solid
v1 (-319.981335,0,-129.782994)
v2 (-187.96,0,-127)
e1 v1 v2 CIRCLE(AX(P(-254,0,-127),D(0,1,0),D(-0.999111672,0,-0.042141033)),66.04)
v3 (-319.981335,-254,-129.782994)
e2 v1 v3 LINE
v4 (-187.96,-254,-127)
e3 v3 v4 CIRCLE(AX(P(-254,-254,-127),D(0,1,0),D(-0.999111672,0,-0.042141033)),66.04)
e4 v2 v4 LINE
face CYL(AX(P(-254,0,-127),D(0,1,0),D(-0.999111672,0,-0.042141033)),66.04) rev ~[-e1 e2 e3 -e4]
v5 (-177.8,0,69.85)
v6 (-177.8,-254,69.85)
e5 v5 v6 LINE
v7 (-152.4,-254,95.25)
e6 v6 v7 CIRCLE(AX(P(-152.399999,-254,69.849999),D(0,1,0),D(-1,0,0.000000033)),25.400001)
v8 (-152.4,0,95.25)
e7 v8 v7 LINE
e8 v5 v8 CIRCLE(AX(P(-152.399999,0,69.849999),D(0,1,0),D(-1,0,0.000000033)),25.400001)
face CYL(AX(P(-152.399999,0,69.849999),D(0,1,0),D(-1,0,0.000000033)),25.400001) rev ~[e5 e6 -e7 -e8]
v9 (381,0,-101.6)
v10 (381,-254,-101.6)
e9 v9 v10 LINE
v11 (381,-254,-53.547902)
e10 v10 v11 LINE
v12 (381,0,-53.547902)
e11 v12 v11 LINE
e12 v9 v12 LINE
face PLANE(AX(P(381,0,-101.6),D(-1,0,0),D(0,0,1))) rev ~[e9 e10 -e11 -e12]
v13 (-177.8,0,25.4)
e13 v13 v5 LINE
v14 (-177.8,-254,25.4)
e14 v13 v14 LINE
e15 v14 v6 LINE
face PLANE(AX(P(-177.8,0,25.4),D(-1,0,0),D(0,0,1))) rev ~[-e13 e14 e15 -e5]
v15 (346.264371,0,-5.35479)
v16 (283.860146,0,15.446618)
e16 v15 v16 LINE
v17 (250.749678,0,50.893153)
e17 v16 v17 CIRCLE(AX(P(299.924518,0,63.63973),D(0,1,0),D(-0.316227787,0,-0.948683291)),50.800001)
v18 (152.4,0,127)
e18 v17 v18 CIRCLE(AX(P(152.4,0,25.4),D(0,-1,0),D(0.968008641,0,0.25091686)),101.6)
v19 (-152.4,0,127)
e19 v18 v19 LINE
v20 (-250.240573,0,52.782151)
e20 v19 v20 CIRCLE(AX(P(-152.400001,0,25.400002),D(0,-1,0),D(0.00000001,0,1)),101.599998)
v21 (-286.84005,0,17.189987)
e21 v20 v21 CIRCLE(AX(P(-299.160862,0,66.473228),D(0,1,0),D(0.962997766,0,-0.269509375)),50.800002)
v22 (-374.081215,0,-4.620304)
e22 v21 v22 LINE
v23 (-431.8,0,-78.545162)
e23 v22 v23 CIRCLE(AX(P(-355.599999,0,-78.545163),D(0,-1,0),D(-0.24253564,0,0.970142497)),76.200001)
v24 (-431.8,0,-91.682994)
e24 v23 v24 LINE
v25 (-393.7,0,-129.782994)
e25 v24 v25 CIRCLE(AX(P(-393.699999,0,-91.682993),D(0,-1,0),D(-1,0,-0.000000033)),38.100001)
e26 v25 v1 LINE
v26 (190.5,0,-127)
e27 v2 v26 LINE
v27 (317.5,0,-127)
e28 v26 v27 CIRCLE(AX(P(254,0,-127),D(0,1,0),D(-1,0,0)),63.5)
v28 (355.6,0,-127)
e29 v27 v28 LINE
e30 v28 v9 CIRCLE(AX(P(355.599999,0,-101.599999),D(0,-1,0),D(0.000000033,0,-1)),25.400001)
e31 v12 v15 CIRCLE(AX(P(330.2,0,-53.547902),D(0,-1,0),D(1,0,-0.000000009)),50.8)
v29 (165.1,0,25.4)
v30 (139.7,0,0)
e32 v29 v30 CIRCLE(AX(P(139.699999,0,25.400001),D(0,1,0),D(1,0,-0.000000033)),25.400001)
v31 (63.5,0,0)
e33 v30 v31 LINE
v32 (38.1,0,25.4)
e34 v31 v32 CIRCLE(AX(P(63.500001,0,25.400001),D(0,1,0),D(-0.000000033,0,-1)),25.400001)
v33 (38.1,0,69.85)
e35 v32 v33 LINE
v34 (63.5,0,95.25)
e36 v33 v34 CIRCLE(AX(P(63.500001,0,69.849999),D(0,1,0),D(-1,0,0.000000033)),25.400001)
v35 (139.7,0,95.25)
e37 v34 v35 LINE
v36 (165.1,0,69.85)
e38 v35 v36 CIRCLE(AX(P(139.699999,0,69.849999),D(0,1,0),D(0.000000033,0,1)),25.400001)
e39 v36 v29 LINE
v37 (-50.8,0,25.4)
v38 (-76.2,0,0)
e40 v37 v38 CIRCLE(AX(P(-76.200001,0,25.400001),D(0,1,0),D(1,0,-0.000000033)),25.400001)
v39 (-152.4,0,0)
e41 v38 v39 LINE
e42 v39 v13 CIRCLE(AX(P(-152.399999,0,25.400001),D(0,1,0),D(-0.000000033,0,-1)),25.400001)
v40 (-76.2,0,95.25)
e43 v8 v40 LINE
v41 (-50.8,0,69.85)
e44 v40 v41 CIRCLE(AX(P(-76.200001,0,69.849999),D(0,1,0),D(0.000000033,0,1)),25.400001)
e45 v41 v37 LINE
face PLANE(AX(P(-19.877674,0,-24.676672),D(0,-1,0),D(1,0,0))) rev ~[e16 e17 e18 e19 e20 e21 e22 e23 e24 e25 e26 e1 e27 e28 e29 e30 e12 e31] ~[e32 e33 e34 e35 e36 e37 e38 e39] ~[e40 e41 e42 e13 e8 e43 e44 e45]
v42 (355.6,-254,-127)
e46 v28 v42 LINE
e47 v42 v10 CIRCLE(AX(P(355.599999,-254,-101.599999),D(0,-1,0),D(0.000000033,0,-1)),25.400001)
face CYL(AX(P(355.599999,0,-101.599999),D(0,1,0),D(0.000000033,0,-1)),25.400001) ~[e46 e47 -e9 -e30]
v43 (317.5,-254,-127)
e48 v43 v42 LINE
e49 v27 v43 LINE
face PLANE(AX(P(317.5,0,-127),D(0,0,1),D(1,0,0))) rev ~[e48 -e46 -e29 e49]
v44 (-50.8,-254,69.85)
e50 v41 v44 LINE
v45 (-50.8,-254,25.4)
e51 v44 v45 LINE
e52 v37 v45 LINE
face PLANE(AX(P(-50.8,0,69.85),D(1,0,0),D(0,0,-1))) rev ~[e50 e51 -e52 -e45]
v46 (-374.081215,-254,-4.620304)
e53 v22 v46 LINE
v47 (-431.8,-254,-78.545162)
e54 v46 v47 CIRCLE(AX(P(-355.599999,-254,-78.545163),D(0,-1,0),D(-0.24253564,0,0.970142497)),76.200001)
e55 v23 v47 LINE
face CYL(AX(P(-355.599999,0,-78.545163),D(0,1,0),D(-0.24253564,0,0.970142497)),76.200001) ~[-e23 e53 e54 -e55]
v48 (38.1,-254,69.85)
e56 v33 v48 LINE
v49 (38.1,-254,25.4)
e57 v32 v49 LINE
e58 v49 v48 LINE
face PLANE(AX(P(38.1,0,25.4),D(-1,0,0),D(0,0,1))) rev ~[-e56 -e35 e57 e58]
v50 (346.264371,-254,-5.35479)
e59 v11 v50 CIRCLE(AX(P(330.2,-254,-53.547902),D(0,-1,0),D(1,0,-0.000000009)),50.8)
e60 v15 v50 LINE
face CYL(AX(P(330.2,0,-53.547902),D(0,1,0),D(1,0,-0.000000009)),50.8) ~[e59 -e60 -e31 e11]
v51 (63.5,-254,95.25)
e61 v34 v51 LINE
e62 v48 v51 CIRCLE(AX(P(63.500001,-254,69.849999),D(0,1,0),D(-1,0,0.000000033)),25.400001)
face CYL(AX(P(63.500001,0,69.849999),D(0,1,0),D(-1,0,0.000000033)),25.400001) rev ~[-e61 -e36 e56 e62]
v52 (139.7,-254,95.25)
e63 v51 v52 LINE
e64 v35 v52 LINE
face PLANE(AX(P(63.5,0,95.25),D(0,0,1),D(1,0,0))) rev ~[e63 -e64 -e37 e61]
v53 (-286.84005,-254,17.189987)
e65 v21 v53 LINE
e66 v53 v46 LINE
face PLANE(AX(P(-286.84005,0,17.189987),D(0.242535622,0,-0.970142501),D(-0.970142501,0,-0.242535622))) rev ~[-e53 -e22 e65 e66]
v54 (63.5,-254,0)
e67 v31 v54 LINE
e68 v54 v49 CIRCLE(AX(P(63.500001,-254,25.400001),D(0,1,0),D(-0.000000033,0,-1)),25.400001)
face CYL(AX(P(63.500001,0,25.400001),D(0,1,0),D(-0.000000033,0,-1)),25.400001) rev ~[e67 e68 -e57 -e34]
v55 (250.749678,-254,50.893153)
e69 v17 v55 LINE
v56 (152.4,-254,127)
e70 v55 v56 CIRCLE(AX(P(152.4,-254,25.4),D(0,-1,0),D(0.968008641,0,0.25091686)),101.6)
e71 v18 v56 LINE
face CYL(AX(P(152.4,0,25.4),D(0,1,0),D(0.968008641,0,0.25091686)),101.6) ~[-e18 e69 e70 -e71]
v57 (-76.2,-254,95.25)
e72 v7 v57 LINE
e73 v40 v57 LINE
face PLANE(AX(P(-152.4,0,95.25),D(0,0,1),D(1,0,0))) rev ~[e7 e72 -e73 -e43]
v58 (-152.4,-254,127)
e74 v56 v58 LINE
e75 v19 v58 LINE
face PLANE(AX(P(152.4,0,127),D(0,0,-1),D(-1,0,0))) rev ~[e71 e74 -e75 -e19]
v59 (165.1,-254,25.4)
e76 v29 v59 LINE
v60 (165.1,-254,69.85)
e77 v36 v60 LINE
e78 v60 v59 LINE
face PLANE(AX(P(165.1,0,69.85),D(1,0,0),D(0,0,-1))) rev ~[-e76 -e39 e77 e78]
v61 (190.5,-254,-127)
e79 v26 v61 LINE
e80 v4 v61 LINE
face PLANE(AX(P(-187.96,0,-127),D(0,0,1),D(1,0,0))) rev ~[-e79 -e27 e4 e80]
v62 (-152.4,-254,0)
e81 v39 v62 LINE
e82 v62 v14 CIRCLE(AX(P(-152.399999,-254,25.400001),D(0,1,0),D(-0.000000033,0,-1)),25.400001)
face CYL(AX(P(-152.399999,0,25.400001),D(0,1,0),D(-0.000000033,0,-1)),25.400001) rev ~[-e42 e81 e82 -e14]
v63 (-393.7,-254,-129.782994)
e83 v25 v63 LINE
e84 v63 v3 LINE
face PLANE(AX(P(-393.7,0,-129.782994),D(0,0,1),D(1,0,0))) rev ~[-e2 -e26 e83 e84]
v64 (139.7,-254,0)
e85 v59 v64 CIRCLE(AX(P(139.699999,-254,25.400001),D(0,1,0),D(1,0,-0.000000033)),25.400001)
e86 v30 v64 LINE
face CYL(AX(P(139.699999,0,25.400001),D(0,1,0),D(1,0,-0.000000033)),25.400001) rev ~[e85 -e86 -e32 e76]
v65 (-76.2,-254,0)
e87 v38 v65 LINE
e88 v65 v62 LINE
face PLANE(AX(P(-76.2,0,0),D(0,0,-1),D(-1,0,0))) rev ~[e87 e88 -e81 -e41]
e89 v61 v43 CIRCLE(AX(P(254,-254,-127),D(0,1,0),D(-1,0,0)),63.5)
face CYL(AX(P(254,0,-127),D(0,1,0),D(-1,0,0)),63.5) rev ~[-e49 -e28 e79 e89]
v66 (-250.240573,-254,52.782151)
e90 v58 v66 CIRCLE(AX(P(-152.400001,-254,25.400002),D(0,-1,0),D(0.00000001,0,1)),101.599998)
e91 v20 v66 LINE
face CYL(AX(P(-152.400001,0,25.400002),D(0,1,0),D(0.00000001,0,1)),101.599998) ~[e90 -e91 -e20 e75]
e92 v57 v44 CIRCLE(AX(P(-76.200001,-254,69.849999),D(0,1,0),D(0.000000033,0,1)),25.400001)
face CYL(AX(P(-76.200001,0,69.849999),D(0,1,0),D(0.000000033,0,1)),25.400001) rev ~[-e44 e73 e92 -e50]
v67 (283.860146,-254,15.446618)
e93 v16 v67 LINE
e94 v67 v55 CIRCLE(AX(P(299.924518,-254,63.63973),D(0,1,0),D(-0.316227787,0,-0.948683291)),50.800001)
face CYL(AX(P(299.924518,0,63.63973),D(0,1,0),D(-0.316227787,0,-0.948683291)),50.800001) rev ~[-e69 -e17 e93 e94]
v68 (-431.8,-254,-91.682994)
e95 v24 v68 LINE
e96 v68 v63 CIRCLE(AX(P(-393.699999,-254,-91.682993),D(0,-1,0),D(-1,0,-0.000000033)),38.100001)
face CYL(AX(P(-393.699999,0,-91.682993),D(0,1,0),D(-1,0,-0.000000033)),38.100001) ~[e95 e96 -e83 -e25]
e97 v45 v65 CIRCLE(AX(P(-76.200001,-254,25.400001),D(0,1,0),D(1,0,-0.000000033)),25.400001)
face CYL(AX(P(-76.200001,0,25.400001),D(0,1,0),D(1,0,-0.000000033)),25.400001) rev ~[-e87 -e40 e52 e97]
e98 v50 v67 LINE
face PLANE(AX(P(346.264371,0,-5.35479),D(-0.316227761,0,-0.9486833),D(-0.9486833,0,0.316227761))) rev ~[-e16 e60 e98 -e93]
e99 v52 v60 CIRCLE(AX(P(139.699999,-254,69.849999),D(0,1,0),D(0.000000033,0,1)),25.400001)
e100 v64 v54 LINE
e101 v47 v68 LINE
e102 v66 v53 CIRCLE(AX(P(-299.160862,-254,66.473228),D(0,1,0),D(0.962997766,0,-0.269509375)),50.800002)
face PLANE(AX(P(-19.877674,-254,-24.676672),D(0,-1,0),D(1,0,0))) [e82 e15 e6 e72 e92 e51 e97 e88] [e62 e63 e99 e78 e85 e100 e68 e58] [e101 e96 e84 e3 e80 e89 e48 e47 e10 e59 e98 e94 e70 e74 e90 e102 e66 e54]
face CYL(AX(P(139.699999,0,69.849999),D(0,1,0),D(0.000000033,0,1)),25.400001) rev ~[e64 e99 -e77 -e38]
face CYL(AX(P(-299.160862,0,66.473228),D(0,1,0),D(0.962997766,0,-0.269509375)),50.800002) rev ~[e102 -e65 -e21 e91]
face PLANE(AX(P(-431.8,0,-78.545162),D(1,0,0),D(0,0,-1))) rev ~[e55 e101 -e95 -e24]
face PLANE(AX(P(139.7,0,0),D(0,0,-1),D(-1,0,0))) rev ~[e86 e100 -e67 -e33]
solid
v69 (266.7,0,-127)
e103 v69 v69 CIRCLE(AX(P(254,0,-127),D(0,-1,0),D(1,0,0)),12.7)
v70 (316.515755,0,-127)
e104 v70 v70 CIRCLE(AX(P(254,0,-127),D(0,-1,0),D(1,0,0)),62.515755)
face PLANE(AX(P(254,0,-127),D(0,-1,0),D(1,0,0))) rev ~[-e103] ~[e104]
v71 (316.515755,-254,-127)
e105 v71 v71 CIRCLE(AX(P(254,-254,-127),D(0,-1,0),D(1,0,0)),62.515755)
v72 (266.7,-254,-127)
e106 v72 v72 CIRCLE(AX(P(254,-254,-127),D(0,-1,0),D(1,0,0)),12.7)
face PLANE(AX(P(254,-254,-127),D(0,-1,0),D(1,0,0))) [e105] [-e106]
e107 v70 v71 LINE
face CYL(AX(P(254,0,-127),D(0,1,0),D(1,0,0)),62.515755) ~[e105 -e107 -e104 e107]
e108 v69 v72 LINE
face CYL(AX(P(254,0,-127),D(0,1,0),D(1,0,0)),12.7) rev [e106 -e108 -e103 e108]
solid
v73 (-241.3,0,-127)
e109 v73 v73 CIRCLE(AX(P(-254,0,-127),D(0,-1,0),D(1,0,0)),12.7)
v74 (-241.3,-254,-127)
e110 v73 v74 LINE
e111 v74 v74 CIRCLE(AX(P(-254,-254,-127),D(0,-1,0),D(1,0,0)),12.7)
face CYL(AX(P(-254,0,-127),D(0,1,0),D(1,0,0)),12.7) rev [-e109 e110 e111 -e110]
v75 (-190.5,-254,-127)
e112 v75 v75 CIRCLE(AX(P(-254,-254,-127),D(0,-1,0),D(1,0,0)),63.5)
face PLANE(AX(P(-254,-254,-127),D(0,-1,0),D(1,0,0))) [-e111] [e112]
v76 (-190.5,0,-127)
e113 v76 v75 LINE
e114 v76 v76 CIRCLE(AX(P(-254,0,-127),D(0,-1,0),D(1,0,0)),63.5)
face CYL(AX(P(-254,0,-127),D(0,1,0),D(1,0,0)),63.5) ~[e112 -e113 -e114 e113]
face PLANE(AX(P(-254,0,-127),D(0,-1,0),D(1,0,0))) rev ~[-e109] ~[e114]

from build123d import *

# Parameters (mm, degrees)
F0_R     = 63.5
F0_R_2   = 12.7
F0_R_3   = 62.515755
F1_DEPTH = 254


with BuildPart() as f1:
    # F0 (on Front) → F1 (new body)
    with BuildSketch(Plane.XZ):
        with BuildLine():
            Line((152.4, 127), (-152.4, 127))
            ThreePointArc((-152.4, 127), (-213.802498, 106.346237), (-250.240573, 52.782151))
            ThreePointArc((-250.240573, 52.782151), (-263.744501, 30.054529), (-286.84005, 17.189987))
            Line((-286.84005, 17.189987), (-374.081215, -4.620304))
            ThreePointArc((-374.081215, -4.620304), (-415.661254, -31.650752), (-431.8, -78.545162))
            Line((-431.8, -78.545162), (-431.8, -91.682994))
            ThreePointArc((-431.8, -91.682994), (-420.640768, -118.623762), (-393.7, -129.782994))
            Line((-393.7, -129.782994), (-319.981335, -129.782994))
            ThreePointArc((-319.981335, -129.782994), (-255.391806, -60.974668), (-187.96, -127))
            Line((-187.96, -127), (190.5, -127))
            ThreePointArc((190.5, -127), (254, -63.5), (317.5, -127))
            Line((317.5, -127), (355.6, -127))
            ThreePointArc((355.6, -127), (373.560512, -119.560512), (381, -101.6))
            Line((381, -101.6), (381, -53.547902))
            ThreePointArc((381, -53.547902), (371.411103, -23.844619), (346.264371, -5.35479))
            Line((346.264371, -5.35479), (283.860146, 15.446618))
            ThreePointArc((283.860146, 15.446618), (262.801036, 28.962833), (250.749678, 50.893153))
            ThreePointArc((250.749678, 50.893153), (214.578998, 105.751305), (152.4, 127))
        make_face()
        with BuildLine():
            ThreePointArc((-177.8, 69.85), (-170.360512, 87.810512), (-152.4, 95.25))
            Line((-152.4, 95.25), (-76.2, 95.25))
            ThreePointArc((-76.2, 95.25), (-58.239488, 87.810512), (-50.8, 69.85))
            Line((-50.8, 69.85), (-50.8, 25.4))
            ThreePointArc((-50.8, 25.4), (-58.239488, 7.439488), (-76.2, 0))
            Line((-76.2, 0), (-152.4, 0))
            ThreePointArc((-152.4, 0), (-170.360512, 7.439488), (-177.8, 25.4))
            Line((-177.8, 25.4), (-177.8, 69.85))
        make_face(mode=Mode.SUBTRACT)
        with BuildLine():
            Line((38.1, 25.4), (38.1, 69.85))
            ThreePointArc((38.1, 69.85), (45.539488, 87.810512), (63.5, 95.25))
            Line((63.5, 95.25), (139.7, 95.25))
            ThreePointArc((139.7, 95.25), (157.660512, 87.810512), (165.1, 69.85))
            Line((165.1, 69.85), (165.1, 25.4))
            ThreePointArc((165.1, 25.4), (157.660512, 7.439488), (139.7, 0))
            Line((139.7, 0), (63.5, 0))
            ThreePointArc((63.5, 0), (45.539488, 7.439488), (38.1, 25.4))
        make_face(mode=Mode.SUBTRACT)
        with Locations((-254, -127)):
            Circle(F0_R)
        with Locations((-254, -127)):
            Circle(F0_R_2, mode=Mode.SUBTRACT)
        with Locations((254, -127)):
            Circle(F0_R_3)
        with Locations((254, -127)):
            Circle(F0_R_2, mode=Mode.SUBTRACT)
    extrude(amount=F1_DEPTH)


solid = f1.part
